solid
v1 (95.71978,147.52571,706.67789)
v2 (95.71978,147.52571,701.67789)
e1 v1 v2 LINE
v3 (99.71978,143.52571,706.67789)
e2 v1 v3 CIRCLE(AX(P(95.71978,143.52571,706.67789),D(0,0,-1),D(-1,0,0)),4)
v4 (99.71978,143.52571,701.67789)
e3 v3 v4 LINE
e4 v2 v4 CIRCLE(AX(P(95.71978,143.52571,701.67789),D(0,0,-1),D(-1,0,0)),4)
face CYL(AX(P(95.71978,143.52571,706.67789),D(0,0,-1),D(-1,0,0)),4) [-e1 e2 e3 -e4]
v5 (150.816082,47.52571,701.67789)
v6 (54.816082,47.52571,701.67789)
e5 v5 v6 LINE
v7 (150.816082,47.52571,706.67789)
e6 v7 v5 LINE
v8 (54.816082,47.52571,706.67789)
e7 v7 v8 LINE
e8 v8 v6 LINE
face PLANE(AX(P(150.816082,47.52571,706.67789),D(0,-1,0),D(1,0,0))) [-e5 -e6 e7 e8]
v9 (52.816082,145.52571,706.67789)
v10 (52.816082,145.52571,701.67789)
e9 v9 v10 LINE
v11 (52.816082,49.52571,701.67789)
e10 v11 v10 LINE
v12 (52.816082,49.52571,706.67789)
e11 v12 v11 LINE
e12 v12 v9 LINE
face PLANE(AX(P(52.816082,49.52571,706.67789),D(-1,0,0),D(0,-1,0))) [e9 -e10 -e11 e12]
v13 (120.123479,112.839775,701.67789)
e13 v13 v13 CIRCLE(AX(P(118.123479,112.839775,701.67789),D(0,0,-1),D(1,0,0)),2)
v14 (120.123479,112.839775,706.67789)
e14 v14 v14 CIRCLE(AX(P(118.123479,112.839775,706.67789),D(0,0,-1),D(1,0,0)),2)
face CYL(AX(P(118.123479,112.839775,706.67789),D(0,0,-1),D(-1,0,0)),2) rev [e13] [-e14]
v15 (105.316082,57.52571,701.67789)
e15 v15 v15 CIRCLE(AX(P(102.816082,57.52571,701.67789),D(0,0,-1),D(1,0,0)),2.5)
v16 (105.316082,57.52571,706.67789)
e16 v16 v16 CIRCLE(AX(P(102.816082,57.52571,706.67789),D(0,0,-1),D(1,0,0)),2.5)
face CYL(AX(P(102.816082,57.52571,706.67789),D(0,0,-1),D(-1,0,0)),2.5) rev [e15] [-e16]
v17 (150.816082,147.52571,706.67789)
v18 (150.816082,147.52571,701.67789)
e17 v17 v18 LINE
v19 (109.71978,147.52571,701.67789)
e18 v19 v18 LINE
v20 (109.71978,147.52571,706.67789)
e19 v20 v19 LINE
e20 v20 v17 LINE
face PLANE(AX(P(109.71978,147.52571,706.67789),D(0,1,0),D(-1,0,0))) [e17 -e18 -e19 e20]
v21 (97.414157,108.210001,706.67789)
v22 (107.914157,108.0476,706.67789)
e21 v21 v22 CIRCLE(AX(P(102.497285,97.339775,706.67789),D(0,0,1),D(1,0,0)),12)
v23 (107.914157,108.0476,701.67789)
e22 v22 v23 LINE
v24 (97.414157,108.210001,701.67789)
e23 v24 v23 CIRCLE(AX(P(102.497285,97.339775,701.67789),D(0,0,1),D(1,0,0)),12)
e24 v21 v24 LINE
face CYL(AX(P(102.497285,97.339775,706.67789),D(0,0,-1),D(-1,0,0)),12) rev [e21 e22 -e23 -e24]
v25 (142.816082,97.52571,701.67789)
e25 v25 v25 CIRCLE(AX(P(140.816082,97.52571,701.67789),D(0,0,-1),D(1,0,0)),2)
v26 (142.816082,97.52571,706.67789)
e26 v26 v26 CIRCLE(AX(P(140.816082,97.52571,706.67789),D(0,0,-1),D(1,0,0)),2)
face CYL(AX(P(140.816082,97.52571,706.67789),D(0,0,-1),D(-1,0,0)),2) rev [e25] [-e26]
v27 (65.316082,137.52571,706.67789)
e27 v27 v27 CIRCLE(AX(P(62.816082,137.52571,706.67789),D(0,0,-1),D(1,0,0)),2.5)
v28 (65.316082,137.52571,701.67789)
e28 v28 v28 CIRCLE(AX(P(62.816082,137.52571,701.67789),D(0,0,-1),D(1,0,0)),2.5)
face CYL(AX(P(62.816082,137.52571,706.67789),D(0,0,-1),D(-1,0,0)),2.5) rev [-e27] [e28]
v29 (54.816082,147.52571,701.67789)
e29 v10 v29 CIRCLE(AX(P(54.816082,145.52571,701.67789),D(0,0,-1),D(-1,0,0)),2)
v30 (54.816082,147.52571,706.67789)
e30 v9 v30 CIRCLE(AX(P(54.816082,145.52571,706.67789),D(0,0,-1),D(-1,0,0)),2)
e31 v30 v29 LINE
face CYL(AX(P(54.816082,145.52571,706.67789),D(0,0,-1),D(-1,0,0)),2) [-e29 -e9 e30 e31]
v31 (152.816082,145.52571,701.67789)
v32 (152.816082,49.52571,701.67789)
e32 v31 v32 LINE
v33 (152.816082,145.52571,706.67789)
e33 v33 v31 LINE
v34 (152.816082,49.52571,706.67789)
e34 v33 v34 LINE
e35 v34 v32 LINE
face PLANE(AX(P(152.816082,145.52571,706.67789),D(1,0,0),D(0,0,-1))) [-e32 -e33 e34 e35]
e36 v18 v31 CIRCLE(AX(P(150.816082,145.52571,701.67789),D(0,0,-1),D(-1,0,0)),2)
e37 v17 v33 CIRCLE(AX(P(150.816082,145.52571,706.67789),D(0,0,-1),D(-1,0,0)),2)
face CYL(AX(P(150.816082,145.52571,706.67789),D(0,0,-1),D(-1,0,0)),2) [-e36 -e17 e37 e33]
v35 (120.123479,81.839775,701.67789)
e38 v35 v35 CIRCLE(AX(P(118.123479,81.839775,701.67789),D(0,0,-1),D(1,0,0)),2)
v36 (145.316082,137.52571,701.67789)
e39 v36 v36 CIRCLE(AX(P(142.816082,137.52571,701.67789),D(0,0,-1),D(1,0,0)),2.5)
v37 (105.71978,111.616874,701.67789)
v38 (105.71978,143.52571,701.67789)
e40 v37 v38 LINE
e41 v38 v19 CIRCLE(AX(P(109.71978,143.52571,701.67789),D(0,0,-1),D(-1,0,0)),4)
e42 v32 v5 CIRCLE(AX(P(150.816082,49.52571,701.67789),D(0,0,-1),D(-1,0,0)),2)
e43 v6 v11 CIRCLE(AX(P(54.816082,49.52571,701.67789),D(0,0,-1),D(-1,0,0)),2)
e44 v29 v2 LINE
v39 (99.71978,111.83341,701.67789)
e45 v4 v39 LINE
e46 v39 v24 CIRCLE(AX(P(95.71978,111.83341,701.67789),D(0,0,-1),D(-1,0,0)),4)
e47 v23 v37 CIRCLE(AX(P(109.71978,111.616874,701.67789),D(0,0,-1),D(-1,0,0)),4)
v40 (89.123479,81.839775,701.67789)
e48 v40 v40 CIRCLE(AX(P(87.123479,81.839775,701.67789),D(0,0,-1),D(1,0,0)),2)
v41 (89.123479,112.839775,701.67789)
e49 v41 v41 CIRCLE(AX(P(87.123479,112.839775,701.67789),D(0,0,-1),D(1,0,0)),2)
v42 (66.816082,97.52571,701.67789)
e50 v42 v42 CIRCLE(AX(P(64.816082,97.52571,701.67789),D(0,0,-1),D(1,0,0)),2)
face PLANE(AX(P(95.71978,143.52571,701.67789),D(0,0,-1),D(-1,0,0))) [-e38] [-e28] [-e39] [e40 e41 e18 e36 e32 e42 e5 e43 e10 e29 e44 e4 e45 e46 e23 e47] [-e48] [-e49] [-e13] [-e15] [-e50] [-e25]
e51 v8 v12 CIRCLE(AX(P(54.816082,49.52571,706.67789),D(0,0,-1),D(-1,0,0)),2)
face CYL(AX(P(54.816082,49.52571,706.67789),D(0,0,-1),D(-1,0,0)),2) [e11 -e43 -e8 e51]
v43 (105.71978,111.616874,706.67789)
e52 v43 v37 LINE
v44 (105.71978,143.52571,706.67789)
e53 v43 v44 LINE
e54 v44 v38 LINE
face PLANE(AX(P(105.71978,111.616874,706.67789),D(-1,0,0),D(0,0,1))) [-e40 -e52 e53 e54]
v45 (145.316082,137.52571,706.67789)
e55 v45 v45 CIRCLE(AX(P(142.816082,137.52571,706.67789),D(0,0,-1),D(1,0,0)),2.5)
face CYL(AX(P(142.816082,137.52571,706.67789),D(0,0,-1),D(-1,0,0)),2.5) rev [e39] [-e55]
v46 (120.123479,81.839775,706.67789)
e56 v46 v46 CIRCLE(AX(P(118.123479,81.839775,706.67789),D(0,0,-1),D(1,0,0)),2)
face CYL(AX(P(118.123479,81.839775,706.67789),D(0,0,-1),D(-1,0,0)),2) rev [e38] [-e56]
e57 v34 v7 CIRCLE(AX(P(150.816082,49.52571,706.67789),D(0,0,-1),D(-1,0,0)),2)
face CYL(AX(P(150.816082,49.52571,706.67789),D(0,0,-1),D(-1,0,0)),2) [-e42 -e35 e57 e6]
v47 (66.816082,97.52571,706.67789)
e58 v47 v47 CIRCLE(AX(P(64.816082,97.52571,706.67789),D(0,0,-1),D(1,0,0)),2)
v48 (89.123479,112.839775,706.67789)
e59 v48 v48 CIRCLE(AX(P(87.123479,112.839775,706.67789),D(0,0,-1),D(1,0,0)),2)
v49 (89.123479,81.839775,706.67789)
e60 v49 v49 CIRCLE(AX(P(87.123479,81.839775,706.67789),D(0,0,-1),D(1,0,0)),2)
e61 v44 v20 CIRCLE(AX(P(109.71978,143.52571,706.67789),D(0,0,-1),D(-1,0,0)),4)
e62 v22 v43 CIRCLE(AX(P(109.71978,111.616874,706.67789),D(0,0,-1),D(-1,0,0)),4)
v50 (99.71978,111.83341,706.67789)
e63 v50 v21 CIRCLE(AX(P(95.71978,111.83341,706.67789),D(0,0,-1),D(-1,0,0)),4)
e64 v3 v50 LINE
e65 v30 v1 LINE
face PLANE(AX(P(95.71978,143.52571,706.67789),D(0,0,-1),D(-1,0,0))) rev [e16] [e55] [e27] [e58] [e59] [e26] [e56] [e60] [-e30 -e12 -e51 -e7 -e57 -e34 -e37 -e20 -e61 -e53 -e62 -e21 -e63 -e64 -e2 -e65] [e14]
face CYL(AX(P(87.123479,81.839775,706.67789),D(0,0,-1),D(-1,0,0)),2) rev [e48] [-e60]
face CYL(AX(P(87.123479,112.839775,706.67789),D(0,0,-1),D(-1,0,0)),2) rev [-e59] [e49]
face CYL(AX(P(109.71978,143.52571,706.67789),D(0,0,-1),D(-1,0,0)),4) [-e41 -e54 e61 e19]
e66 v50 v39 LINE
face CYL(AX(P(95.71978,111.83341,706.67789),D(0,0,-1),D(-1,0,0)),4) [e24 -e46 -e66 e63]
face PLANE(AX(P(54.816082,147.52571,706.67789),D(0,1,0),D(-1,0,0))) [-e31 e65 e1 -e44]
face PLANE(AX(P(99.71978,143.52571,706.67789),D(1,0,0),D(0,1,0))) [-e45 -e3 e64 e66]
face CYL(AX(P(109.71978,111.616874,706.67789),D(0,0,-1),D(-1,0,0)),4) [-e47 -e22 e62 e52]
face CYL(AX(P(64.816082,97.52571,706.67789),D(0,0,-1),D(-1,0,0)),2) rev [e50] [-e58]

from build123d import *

# Parameters (mm, degrees)
SKETCH1_R           = 2
SKETCH1_R_2         = 2.5
BOSS_EXTRUDE1_DEPTH = 5


with BuildPart() as part:
    # Sketch1 → Boss-Extrude1 (new body)
    with BuildSketch(Plane(origin=(0, 0, 701.677889561), x_dir=(-1, 0, 0), z_dir=(0, 0, -1))):
        with BuildLine():
            Line((-99.719780497, 143.525710146), (-99.719780497, 111.833409744))
            ThreePointArc((-99.719780497, 111.833409744), (-99.09450302, 109.686028108), (-97.41415655, 108.210001157))
            ThreePointArc((-97.41415655, 108.210001157), (-102.311705141, 85.341210472), (-107.91415655, 108.047599613))
            ThreePointArc((-107.91415655, 108.047599613), (-106.312252376, 109.521939482), (-105.719780497, 111.616874352))
            Line((-105.719780497, 111.616874352), (-105.719780497, 143.525710146))
            ThreePointArc((-105.719780497, 143.525710146), (-106.891353372, 146.354137271), (-109.719780497, 147.525710146))
            Line((-109.719780497, 147.525710146), (-150.816081745, 147.525710146))
            ThreePointArc((-150.816081745, 147.525710146), (-152.230295307, 146.939923708), (-152.816081745, 145.525710146))
            Line((-152.816081745, 145.525710146), (-152.816081745, 49.525710146))
            ThreePointArc((-152.816081745, 49.525710146), (-152.230295307, 48.111496583), (-150.816081745, 47.525710146))
            Line((-150.816081745, 47.525710146), (-54.816081745, 47.525710146))
            ThreePointArc((-54.816081745, 47.525710146), (-53.401868182, 48.111496583), (-52.816081745, 49.525710146))
            Line((-52.816081745, 49.525710146), (-52.816081745, 145.525710146))
            ThreePointArc((-52.816081745, 145.525710146), (-53.401868182, 146.939923708), (-54.816081745, 147.525710146))
            Line((-54.816081745, 147.525710146), (-95.719780497, 147.525710146))
            ThreePointArc((-95.719780497, 147.525710146), (-98.548207622, 146.354137271), (-99.719780497, 143.525710146))
        make_face()
        with Locations(Location((-87.123479249, 81.839775395, 0), (0, 0, 180))):
            Circle(SKETCH1_R, mode=Mode.SUBTRACT)
        with Locations(Location((-118.123479249, 81.839775395, 0), (0, 0, 180))):
            Circle(SKETCH1_R, mode=Mode.SUBTRACT)
        with Locations(Location((-87.123479249, 112.839775395, 0), (0, 0, 180))):
            Circle(SKETCH1_R, mode=Mode.SUBTRACT)
        with Locations(Location((-118.123479249, 112.839775395, 0), (0, 0, 180))):
            Circle(SKETCH1_R, mode=Mode.SUBTRACT)
        with Locations(Location((-102.816081745, 57.525710146, 0), (0, 0, 180))):
            Circle(SKETCH1_R_2, mode=Mode.SUBTRACT)
        with Locations(Location((-62.816081745, 137.525710146, 0), (0, 0, 180))):
            Circle(SKETCH1_R_2, mode=Mode.SUBTRACT)
        with Locations(Location((-142.816081745, 137.525710146, 0), (0, 0, 180))):
            Circle(SKETCH1_R_2, mode=Mode.SUBTRACT)
        with Locations(Location((-64.816081745, 97.525710146, 0), (0, 0, 180))):
            Circle(SKETCH1_R, mode=Mode.SUBTRACT)
        with Locations(Location((-140.816081745, 97.525710146, 0), (0, 0, 180))):
            Circle(SKETCH1_R, mode=Mode.SUBTRACT)
    extrude(amount=-BOSS_EXTRUDE1_DEPTH)


solid = part.part
